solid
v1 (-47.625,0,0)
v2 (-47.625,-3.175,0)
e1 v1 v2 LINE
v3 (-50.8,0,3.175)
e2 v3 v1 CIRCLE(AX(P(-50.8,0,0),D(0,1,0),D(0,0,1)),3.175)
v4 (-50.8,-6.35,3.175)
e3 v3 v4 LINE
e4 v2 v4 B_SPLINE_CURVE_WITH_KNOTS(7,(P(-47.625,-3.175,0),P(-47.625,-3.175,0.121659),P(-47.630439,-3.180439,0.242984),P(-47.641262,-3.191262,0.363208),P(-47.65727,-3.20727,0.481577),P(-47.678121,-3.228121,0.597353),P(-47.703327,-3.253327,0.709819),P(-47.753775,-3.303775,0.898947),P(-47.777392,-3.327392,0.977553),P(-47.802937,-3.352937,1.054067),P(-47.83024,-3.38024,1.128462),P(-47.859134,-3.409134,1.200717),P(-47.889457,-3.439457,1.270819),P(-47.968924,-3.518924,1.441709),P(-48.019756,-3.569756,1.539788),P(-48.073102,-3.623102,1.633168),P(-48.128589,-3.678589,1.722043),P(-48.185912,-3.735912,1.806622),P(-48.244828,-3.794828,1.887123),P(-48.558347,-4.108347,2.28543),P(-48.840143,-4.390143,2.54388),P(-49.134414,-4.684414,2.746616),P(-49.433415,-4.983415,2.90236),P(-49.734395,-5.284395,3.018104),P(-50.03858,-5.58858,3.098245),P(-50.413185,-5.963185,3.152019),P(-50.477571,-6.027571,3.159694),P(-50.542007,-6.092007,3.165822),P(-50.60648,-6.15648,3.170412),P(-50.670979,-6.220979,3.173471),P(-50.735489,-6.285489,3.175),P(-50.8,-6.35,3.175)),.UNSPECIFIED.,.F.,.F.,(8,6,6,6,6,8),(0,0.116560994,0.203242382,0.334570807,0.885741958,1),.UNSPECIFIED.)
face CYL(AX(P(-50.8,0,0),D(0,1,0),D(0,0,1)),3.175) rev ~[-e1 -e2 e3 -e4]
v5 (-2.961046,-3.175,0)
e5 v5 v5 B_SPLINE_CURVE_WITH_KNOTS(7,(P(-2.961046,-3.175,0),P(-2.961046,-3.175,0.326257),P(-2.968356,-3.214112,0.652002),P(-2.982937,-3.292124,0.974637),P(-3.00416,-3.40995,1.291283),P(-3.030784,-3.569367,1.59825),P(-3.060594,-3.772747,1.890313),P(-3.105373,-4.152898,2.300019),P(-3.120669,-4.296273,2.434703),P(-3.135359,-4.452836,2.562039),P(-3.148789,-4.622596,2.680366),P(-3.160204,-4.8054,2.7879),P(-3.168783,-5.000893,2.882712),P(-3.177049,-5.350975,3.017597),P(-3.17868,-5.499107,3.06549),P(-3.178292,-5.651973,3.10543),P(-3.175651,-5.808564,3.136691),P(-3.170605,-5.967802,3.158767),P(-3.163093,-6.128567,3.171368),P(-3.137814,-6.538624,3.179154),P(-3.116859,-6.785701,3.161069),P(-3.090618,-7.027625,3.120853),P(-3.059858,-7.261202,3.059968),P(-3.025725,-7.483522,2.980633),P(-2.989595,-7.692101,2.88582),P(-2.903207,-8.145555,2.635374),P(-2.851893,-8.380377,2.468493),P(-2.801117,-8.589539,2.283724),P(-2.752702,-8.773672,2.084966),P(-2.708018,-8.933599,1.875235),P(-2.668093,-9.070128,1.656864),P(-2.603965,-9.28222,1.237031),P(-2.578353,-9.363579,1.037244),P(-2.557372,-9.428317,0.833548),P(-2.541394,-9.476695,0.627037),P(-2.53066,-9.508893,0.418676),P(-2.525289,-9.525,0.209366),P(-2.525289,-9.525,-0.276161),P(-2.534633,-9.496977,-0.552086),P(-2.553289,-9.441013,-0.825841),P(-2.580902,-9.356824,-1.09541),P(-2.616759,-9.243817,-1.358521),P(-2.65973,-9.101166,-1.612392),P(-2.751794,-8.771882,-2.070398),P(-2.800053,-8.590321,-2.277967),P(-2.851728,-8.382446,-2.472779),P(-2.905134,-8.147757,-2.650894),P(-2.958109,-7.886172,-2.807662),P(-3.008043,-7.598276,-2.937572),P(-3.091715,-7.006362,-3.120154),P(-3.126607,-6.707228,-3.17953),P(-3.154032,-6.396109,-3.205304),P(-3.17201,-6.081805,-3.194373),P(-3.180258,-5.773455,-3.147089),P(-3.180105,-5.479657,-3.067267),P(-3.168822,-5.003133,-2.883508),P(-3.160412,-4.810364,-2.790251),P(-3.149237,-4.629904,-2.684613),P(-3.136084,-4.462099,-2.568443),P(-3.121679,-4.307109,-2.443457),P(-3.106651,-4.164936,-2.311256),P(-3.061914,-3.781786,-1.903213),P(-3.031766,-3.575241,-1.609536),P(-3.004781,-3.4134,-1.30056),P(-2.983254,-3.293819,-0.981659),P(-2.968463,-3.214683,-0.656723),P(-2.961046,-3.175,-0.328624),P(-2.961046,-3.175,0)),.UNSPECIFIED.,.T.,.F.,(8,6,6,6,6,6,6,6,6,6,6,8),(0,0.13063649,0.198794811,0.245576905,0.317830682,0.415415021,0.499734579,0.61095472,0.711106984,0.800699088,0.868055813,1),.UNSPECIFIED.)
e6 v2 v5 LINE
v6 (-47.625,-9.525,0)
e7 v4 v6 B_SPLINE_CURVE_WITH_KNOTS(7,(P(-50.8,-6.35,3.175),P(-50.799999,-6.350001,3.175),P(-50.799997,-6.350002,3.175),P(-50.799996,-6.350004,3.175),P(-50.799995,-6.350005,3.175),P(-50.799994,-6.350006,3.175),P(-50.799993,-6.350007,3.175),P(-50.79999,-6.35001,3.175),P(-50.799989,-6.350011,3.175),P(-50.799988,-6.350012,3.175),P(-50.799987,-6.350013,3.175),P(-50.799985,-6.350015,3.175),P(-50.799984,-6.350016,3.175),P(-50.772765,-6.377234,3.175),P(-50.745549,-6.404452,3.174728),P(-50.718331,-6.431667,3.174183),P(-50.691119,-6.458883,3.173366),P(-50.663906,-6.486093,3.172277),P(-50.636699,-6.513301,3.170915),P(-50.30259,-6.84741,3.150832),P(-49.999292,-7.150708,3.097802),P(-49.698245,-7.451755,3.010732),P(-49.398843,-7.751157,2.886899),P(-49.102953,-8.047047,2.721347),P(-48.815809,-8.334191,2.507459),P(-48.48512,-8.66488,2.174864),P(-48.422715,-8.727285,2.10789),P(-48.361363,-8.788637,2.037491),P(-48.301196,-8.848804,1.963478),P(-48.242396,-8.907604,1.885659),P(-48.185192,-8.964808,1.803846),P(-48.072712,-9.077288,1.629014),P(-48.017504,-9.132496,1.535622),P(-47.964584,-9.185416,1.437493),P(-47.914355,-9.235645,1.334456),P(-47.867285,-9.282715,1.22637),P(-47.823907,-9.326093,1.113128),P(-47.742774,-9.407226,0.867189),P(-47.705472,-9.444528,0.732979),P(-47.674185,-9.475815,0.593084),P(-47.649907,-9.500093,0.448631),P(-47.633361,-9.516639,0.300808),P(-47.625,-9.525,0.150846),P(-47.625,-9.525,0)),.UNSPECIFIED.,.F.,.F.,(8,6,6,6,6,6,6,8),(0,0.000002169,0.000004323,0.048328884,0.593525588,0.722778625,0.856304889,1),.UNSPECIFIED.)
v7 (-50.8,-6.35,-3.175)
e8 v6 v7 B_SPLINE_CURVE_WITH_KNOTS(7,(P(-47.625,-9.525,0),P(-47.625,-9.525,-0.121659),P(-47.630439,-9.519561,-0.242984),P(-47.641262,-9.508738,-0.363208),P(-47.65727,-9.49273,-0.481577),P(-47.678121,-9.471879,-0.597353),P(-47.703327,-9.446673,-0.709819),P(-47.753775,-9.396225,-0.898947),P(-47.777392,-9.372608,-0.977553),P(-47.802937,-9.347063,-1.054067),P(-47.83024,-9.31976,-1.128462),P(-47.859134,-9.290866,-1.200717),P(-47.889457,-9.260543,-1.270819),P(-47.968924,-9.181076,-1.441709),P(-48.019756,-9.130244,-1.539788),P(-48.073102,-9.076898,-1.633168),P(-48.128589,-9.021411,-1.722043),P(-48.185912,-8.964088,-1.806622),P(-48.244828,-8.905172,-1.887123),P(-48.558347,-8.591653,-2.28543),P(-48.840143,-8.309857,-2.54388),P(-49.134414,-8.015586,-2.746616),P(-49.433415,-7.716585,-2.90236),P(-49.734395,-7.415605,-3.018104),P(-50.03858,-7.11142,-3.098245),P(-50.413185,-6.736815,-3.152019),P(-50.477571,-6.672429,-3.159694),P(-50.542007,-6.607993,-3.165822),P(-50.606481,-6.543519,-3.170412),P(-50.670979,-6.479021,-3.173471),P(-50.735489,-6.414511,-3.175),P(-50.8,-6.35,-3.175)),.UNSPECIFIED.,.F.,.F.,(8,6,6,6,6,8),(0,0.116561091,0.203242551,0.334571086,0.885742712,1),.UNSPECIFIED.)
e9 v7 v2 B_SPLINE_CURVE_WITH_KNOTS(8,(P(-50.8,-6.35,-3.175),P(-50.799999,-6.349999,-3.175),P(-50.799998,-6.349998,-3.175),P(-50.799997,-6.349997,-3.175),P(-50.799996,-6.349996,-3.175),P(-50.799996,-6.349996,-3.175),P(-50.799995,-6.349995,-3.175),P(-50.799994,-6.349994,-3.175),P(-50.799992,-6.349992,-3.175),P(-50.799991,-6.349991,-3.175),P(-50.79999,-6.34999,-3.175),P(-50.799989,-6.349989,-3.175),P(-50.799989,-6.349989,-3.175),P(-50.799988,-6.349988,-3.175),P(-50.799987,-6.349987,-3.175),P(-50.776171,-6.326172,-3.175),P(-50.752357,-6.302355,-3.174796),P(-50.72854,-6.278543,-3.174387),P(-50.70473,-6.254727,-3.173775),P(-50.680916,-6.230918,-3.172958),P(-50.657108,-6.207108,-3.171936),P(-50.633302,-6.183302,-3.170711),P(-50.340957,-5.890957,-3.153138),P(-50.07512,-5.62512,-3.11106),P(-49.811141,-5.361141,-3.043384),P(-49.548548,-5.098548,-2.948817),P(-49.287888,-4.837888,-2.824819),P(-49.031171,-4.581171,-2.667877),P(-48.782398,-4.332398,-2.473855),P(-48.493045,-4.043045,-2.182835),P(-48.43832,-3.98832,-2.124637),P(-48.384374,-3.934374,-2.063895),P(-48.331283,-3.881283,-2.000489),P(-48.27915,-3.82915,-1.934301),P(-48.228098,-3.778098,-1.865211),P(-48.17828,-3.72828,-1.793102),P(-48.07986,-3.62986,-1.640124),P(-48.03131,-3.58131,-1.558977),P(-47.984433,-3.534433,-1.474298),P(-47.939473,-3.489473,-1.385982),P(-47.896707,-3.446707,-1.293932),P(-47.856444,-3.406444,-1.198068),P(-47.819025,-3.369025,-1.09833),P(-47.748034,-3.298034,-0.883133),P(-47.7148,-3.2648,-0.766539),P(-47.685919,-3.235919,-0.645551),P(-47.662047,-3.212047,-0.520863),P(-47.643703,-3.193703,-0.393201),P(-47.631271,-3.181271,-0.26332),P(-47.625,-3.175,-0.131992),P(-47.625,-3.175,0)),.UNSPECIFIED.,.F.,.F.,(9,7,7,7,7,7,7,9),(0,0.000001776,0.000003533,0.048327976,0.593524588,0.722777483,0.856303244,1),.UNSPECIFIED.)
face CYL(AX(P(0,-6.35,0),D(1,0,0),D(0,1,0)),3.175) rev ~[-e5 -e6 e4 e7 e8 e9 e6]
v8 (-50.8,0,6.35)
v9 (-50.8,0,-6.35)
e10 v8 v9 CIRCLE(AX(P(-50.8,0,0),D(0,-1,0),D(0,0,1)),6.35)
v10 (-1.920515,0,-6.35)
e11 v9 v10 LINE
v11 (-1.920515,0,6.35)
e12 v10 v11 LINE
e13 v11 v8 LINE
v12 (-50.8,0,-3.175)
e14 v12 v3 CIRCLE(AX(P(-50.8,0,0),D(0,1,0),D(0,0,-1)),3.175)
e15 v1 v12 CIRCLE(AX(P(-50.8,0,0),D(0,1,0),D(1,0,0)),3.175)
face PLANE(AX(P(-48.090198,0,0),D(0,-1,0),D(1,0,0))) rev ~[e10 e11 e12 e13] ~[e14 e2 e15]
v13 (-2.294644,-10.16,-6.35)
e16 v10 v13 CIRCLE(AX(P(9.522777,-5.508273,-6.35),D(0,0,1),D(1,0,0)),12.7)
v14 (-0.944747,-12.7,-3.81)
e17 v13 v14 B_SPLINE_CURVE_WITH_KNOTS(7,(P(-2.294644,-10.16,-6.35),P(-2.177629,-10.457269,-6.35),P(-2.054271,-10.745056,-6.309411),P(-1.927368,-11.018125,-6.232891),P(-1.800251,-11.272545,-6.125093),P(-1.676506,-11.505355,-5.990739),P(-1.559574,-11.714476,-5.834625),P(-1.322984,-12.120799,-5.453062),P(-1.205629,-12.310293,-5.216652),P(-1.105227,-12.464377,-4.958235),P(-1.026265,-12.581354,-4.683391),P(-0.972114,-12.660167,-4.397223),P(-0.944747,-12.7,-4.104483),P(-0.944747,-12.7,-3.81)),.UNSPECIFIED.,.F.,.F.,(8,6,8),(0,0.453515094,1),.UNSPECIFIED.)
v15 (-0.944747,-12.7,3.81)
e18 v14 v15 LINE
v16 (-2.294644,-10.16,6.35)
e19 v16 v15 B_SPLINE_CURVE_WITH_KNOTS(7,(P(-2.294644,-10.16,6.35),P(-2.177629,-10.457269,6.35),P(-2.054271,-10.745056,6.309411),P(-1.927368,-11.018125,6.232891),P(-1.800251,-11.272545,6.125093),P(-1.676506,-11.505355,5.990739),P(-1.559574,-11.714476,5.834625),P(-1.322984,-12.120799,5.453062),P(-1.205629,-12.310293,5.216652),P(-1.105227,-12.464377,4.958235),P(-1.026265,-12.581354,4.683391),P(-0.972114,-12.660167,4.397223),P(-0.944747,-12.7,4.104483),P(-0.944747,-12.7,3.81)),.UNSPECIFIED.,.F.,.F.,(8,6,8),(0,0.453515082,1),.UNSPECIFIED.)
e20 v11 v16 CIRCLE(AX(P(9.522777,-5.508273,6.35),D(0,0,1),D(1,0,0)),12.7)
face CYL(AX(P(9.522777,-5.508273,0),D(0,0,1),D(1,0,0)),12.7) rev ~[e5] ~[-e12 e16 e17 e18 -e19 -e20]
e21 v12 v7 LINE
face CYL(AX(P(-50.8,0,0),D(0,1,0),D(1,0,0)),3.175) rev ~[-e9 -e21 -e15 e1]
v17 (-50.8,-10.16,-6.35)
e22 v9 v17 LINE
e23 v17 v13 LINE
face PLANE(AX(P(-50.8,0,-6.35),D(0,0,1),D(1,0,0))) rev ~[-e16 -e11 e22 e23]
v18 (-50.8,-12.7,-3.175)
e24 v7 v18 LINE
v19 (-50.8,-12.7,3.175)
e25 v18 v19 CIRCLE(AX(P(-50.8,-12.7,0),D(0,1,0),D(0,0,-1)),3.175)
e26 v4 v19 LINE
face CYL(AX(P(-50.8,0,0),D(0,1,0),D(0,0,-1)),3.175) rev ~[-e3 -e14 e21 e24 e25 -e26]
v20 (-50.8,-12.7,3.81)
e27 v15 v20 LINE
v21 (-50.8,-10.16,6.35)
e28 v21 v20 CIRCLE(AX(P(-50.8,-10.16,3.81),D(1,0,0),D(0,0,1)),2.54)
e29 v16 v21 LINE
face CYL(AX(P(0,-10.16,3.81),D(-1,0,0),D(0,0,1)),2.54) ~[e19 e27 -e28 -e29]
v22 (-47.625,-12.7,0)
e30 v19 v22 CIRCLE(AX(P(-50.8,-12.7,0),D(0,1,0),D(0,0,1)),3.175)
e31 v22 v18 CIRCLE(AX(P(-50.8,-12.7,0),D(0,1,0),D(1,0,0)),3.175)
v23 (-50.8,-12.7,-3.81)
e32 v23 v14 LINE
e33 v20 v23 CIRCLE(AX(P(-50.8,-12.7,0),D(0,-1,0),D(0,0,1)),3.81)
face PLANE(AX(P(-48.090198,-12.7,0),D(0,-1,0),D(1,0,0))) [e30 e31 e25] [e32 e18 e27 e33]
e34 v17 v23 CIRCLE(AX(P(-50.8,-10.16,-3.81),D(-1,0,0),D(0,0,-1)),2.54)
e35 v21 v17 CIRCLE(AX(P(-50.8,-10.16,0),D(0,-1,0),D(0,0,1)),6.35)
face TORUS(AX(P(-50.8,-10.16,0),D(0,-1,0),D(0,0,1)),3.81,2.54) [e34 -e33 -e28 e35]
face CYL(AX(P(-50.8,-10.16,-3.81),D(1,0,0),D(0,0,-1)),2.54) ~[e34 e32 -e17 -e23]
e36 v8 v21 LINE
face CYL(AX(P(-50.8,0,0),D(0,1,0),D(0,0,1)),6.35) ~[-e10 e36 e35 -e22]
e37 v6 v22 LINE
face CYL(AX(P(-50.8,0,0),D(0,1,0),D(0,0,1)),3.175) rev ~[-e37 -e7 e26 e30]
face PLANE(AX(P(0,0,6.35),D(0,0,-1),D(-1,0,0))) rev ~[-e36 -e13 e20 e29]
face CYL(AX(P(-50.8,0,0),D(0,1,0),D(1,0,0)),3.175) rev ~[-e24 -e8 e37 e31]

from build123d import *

# Parameters (mm, degrees)
F1_DEPTH = 12.7
F2_R     = 2.54
F3_R     = 3.175
F4_DEPTH = 50.8
F5_R     = 12.7
F6_DEPTH = 38.1


with BuildPart() as f1:
    # F0 (on Front) → F1 (new body)
    with BuildSketch(Plane.XZ):
        with BuildLine():
            ThreePointArc((-50.8, -6.35), (-46.3098719395, -4.4901280605), (-44.45, 0))
            ThreePointArc((-44.45, 0), (-46.3098719395, 4.4901280605), (-50.8, 6.35))
            Line((-50.8, 6.35), (-50.8, 3.175))
            ThreePointArc((-50.8, 3.175), (-48.5549359697, 2.2450640303), (-47.625, 0))
            ThreePointArc((-47.625, 0), (-48.5549359697, -2.2450640303), (-50.8, -3.175))
            Line((-50.8, -3.175), (-50.8, -6.35))
        make_face()
        with BuildLine():
            ThreePointArc((-50.8, 6.35), (-46.3098719395, 4.4901280605), (-44.45, 0))
            ThreePointArc((-44.45, 0), (-46.3098719395, -4.4901280605), (-50.8, -6.35))
            Line((-50.8, -6.35), (0, -6.35))
            Line((0, -6.35), (0, 6.35))
            Line((0, 6.35), (-50.8, 6.35))
        make_face()
        with BuildLine():
            Line((-50.8, 3.175), (-50.8, 6.35))
            ThreePointArc((-50.8, 6.35), (-57.15, 0), (-50.8, -6.35))
            Line((-50.8, -6.35), (-50.8, -3.175))
            ThreePointArc((-50.8, -3.175), (-53.975, 0), (-50.8, 3.175))
        make_face()
    extrude(amount=F1_DEPTH)

    # F2
    f2_edges = [f1.edges().sort_by_distance(p)[0] for p in [
        (-25.4, -12.7, -6.35),
    ]]
    fillet(f2_edges, radius=F2_R)

    # F3 (on Right) → F4 (cut, symmetric)
    with BuildSketch(Plane.YZ):
        with Locations((-6.35, 0)):
            Circle(F3_R)
    extrude(amount=F4_DEPTH, both=True, mode=Mode.SUBTRACT)

    # F5 (on Top) → F6 (cut, symmetric)
    with BuildSketch(Plane.XY):
        with Locations((9.5227770507, -5.5082733743)):
            Circle(F5_R)
    extrude(amount=F6_DEPTH, both=True, mode=Mode.SUBTRACT)


solid = f1.part
